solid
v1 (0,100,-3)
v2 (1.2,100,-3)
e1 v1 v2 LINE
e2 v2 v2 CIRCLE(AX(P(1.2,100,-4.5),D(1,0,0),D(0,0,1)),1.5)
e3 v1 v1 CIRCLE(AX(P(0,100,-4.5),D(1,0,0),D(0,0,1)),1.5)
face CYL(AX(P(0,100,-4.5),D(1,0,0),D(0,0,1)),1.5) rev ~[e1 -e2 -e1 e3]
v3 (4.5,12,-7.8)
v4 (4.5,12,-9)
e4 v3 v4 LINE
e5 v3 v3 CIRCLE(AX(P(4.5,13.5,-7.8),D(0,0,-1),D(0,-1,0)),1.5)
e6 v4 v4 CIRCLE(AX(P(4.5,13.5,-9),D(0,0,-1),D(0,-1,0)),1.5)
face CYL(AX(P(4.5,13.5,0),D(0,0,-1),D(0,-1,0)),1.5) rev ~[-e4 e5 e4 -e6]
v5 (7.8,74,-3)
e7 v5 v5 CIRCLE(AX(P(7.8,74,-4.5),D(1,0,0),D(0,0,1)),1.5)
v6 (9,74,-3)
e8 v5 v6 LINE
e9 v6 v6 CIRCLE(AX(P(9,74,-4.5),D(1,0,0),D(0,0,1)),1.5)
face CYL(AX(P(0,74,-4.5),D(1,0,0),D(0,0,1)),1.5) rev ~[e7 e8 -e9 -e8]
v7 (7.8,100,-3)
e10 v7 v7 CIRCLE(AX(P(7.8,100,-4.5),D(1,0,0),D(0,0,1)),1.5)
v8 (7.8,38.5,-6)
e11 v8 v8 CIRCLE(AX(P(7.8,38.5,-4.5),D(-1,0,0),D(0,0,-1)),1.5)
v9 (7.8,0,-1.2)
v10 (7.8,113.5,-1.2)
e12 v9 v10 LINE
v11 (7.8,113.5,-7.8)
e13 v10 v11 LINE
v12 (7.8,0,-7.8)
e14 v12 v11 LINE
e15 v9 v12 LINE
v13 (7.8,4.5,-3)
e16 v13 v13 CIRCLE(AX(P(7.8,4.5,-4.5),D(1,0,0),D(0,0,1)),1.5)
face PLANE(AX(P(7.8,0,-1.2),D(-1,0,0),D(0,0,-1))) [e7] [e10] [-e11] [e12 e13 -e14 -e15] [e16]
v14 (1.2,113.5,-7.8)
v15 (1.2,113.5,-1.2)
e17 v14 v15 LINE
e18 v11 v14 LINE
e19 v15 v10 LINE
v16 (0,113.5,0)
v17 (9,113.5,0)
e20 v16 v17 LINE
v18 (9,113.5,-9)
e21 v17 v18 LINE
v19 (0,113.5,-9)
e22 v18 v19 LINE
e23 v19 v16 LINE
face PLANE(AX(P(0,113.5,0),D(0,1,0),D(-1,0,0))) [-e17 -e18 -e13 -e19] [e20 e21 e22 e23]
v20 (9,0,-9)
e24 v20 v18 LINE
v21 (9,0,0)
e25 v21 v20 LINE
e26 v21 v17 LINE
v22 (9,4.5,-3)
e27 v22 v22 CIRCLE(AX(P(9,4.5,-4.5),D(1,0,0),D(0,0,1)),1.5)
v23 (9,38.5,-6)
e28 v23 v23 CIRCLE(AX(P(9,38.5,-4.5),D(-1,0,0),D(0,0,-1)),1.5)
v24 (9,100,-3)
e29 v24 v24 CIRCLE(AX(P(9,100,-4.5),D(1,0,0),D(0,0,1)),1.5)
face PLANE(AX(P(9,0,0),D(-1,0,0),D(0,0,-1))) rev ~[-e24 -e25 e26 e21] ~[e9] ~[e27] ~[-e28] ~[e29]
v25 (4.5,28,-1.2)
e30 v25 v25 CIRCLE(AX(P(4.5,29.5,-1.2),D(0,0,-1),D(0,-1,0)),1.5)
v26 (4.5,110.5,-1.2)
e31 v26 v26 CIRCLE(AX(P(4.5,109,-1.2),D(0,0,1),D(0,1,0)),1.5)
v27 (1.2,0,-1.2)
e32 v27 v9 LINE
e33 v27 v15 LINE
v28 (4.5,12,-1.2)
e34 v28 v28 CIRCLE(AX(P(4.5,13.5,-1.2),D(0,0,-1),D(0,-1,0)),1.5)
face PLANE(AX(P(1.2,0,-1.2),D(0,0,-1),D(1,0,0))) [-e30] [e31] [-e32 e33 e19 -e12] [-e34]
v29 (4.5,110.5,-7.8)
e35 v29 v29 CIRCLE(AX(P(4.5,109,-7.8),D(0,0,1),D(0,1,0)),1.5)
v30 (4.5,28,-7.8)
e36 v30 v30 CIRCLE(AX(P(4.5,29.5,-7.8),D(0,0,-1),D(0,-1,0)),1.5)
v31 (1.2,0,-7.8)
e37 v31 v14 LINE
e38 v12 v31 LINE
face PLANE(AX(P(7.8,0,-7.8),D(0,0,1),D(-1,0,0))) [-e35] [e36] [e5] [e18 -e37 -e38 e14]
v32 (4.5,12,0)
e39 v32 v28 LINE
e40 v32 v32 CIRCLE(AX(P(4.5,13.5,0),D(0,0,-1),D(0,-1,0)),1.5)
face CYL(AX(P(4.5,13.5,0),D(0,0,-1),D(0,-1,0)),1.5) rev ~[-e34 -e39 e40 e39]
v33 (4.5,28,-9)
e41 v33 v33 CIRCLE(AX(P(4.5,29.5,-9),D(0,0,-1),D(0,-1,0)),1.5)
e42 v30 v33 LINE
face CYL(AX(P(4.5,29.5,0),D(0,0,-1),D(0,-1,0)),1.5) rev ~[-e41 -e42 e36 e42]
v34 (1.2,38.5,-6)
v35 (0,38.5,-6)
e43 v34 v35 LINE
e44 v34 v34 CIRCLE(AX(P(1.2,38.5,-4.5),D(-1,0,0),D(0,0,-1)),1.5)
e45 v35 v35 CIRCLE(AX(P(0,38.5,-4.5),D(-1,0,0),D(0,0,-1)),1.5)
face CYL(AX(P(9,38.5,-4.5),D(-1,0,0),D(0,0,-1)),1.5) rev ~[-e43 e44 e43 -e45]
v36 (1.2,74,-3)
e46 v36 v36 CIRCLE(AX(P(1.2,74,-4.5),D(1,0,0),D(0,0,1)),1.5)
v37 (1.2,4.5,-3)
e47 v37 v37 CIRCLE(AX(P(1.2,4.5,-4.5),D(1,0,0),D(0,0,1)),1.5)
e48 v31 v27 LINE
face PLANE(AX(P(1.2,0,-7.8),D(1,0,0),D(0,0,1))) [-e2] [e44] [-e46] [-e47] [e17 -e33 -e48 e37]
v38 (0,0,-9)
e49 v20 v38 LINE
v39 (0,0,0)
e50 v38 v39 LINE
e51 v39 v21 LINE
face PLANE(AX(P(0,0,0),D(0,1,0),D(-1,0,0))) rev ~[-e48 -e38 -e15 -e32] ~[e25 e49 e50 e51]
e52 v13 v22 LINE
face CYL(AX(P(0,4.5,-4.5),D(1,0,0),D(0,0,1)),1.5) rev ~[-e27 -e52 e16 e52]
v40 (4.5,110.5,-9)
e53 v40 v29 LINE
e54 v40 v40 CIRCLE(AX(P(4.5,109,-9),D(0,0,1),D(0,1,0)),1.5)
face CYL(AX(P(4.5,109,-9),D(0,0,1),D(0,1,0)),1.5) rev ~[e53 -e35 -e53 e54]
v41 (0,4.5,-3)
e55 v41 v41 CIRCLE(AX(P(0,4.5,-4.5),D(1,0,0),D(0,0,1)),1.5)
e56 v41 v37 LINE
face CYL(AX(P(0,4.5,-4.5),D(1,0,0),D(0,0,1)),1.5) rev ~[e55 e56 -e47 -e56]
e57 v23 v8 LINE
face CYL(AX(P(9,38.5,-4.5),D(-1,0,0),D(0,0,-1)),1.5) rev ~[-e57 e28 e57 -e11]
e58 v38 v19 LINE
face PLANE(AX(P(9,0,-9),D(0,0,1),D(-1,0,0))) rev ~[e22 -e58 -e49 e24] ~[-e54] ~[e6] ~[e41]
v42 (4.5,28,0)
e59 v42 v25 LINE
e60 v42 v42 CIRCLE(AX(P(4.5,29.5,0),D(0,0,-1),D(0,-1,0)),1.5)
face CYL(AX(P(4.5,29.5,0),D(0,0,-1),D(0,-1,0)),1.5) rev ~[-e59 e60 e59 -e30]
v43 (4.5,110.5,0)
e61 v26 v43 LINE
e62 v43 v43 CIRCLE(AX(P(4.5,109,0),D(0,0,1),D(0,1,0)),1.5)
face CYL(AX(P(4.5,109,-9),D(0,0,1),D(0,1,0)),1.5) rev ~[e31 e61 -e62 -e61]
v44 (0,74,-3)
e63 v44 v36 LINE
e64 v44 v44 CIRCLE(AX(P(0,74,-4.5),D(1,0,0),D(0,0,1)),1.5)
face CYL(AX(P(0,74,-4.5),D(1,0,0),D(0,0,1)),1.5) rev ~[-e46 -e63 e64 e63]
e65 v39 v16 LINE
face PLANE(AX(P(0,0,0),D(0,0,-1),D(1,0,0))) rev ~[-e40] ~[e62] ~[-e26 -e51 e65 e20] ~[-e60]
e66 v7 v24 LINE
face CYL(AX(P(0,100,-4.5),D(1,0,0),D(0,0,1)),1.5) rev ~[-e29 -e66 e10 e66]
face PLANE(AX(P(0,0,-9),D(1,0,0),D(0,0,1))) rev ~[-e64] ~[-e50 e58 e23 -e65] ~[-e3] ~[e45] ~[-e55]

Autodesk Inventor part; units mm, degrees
ref_plane "YZ Plane" through (0, 0, 0) normal (1, 0, 0) x (0, 1, 0)
ref_plane "XZ Plane" through (0, 0, 0) normal (0, 1, 0) x (-1, 0, 0)
ref_plane "XY Plane" through (0, 0, 0) normal (0, 0, 1) x (1, 0, 0)
sketch "スケッチ1" plane through (0, 0, 0) normal (0, 1, 0) x (-1, 0, 0)
  line L0 (0, 0) -> (-9, 0)
  line L1 (-9, 0) -> (-9, -9)
  line L2 (-9, -9) -> (0, -9)
  line L3 (0, -9) -> (0, 0)
  line L4 (-1.2, -1.2) -> (-7.8, -1.2)
  line L5 (-7.8, -1.2) -> (-7.8, -7.8)
  line L6 (-7.8, -7.8) -> (-1.2, -7.8)
  line L7 (-1.2, -7.8) -> (-1.2, -1.2)
  dimension "d0" = 9
  dimension "d1" = 9
  dimension "d2" = 6.6
  dimension "d3" = 6.6
  dimension "d4" = 1.2
  dimension "d5" = 1.2
extrude "押し出し1" add sketch "スケッチ1" along normal blind 113.5
sketch "スケッチ2" plane through (0, 0, 0) normal (0, 0, 1) x (1, 0, 0)
  line L0 (0, 0) -> (9, 0) projected
  line L1 (0, 0) -> (0, 113.5) projected
  point P0 (4.5, 29.5)
  point P1 (4.5, 13.5)
  dimension "d8" = 13.5
  dimension "d9" = 4.5
  dimension "d10" = 16
  dimension "d11" = 4.5
hole "穴1" at (4.5, 29.5, 0) at (4.5, 13.5, 0) direction (0, 0, -1) diameter 3 end through all
sketch "スケッチ3" plane through (0, 0, -9) normal (-1, 0, 0) x (0, 0, 1)
  line L0 (0, 0) -> (9, 0) projected
  line L1 (0, 0) -> (0, 113.5) projected
  point P0 (4.5, 4.5)
  point P1 (4.5, 74)
  dimension "d19" = 4.5
  dimension "d20" = 4.5
  dimension "d21" = 4.5
  dimension "d22" = 69.5
hole "穴2" at (0, 4.5, -4.5) at (0, 74, -4.5) direction (1, 0, 0) diameter 3 end through all
sketch "スケッチ4" plane through (0, 0, -9) normal (-1, 0, 0) x (0, 0, 1)
  line L0 (0, 113.5) -> (9, 113.5) projected
  line L1 (0, 0) -> (0, 113.5) projected
  point P0 (9, 0)
  point P1 (4.5, 100)
  dimension "d30" = 13.5
  dimension "d31" = 4.5
hole "穴3" at (0, 100, -4.5) direction (1, 0, 0) diameter 3 end through all
sketch "スケッチ5" plane through (9, 0, -9) normal (0, 0, -1) x (-1, 0, 0)
  line L0 (0, 113.5) -> (9, 113.5) projected
  line L1 (9, 0) -> (9, 113.5) projected
  point P0 (4.5, 109)
  dimension "d39" = 4.5
  dimension "d40" = 4.5
hole "穴4" at (4.5, 109, -9) direction (0, 0, 1) diameter 3 end through all
sketch "スケッチ6" plane through (9, 0, 0) normal (1, 0, 0) x (0, 0, -1)
  line L0 (0, 0) -> (0, 113.5) projected
  circle A0 centre (4.5, 4.5) radius 1.5 projected
  point P0 (4.5, 38.5)
  dimension "d48" = 4.5
  dimension "d49" = 34
hole "穴5" at (9, 38.5, -4.5) direction (-1, 0, 0) diameter 3 end through all
equation "\"d11\" = d9"
equation "\"d21\" = d19"
equation "\"d39\" = d40"
properties part number "上下直動9x9_2" material "アルミニウム 6061"
